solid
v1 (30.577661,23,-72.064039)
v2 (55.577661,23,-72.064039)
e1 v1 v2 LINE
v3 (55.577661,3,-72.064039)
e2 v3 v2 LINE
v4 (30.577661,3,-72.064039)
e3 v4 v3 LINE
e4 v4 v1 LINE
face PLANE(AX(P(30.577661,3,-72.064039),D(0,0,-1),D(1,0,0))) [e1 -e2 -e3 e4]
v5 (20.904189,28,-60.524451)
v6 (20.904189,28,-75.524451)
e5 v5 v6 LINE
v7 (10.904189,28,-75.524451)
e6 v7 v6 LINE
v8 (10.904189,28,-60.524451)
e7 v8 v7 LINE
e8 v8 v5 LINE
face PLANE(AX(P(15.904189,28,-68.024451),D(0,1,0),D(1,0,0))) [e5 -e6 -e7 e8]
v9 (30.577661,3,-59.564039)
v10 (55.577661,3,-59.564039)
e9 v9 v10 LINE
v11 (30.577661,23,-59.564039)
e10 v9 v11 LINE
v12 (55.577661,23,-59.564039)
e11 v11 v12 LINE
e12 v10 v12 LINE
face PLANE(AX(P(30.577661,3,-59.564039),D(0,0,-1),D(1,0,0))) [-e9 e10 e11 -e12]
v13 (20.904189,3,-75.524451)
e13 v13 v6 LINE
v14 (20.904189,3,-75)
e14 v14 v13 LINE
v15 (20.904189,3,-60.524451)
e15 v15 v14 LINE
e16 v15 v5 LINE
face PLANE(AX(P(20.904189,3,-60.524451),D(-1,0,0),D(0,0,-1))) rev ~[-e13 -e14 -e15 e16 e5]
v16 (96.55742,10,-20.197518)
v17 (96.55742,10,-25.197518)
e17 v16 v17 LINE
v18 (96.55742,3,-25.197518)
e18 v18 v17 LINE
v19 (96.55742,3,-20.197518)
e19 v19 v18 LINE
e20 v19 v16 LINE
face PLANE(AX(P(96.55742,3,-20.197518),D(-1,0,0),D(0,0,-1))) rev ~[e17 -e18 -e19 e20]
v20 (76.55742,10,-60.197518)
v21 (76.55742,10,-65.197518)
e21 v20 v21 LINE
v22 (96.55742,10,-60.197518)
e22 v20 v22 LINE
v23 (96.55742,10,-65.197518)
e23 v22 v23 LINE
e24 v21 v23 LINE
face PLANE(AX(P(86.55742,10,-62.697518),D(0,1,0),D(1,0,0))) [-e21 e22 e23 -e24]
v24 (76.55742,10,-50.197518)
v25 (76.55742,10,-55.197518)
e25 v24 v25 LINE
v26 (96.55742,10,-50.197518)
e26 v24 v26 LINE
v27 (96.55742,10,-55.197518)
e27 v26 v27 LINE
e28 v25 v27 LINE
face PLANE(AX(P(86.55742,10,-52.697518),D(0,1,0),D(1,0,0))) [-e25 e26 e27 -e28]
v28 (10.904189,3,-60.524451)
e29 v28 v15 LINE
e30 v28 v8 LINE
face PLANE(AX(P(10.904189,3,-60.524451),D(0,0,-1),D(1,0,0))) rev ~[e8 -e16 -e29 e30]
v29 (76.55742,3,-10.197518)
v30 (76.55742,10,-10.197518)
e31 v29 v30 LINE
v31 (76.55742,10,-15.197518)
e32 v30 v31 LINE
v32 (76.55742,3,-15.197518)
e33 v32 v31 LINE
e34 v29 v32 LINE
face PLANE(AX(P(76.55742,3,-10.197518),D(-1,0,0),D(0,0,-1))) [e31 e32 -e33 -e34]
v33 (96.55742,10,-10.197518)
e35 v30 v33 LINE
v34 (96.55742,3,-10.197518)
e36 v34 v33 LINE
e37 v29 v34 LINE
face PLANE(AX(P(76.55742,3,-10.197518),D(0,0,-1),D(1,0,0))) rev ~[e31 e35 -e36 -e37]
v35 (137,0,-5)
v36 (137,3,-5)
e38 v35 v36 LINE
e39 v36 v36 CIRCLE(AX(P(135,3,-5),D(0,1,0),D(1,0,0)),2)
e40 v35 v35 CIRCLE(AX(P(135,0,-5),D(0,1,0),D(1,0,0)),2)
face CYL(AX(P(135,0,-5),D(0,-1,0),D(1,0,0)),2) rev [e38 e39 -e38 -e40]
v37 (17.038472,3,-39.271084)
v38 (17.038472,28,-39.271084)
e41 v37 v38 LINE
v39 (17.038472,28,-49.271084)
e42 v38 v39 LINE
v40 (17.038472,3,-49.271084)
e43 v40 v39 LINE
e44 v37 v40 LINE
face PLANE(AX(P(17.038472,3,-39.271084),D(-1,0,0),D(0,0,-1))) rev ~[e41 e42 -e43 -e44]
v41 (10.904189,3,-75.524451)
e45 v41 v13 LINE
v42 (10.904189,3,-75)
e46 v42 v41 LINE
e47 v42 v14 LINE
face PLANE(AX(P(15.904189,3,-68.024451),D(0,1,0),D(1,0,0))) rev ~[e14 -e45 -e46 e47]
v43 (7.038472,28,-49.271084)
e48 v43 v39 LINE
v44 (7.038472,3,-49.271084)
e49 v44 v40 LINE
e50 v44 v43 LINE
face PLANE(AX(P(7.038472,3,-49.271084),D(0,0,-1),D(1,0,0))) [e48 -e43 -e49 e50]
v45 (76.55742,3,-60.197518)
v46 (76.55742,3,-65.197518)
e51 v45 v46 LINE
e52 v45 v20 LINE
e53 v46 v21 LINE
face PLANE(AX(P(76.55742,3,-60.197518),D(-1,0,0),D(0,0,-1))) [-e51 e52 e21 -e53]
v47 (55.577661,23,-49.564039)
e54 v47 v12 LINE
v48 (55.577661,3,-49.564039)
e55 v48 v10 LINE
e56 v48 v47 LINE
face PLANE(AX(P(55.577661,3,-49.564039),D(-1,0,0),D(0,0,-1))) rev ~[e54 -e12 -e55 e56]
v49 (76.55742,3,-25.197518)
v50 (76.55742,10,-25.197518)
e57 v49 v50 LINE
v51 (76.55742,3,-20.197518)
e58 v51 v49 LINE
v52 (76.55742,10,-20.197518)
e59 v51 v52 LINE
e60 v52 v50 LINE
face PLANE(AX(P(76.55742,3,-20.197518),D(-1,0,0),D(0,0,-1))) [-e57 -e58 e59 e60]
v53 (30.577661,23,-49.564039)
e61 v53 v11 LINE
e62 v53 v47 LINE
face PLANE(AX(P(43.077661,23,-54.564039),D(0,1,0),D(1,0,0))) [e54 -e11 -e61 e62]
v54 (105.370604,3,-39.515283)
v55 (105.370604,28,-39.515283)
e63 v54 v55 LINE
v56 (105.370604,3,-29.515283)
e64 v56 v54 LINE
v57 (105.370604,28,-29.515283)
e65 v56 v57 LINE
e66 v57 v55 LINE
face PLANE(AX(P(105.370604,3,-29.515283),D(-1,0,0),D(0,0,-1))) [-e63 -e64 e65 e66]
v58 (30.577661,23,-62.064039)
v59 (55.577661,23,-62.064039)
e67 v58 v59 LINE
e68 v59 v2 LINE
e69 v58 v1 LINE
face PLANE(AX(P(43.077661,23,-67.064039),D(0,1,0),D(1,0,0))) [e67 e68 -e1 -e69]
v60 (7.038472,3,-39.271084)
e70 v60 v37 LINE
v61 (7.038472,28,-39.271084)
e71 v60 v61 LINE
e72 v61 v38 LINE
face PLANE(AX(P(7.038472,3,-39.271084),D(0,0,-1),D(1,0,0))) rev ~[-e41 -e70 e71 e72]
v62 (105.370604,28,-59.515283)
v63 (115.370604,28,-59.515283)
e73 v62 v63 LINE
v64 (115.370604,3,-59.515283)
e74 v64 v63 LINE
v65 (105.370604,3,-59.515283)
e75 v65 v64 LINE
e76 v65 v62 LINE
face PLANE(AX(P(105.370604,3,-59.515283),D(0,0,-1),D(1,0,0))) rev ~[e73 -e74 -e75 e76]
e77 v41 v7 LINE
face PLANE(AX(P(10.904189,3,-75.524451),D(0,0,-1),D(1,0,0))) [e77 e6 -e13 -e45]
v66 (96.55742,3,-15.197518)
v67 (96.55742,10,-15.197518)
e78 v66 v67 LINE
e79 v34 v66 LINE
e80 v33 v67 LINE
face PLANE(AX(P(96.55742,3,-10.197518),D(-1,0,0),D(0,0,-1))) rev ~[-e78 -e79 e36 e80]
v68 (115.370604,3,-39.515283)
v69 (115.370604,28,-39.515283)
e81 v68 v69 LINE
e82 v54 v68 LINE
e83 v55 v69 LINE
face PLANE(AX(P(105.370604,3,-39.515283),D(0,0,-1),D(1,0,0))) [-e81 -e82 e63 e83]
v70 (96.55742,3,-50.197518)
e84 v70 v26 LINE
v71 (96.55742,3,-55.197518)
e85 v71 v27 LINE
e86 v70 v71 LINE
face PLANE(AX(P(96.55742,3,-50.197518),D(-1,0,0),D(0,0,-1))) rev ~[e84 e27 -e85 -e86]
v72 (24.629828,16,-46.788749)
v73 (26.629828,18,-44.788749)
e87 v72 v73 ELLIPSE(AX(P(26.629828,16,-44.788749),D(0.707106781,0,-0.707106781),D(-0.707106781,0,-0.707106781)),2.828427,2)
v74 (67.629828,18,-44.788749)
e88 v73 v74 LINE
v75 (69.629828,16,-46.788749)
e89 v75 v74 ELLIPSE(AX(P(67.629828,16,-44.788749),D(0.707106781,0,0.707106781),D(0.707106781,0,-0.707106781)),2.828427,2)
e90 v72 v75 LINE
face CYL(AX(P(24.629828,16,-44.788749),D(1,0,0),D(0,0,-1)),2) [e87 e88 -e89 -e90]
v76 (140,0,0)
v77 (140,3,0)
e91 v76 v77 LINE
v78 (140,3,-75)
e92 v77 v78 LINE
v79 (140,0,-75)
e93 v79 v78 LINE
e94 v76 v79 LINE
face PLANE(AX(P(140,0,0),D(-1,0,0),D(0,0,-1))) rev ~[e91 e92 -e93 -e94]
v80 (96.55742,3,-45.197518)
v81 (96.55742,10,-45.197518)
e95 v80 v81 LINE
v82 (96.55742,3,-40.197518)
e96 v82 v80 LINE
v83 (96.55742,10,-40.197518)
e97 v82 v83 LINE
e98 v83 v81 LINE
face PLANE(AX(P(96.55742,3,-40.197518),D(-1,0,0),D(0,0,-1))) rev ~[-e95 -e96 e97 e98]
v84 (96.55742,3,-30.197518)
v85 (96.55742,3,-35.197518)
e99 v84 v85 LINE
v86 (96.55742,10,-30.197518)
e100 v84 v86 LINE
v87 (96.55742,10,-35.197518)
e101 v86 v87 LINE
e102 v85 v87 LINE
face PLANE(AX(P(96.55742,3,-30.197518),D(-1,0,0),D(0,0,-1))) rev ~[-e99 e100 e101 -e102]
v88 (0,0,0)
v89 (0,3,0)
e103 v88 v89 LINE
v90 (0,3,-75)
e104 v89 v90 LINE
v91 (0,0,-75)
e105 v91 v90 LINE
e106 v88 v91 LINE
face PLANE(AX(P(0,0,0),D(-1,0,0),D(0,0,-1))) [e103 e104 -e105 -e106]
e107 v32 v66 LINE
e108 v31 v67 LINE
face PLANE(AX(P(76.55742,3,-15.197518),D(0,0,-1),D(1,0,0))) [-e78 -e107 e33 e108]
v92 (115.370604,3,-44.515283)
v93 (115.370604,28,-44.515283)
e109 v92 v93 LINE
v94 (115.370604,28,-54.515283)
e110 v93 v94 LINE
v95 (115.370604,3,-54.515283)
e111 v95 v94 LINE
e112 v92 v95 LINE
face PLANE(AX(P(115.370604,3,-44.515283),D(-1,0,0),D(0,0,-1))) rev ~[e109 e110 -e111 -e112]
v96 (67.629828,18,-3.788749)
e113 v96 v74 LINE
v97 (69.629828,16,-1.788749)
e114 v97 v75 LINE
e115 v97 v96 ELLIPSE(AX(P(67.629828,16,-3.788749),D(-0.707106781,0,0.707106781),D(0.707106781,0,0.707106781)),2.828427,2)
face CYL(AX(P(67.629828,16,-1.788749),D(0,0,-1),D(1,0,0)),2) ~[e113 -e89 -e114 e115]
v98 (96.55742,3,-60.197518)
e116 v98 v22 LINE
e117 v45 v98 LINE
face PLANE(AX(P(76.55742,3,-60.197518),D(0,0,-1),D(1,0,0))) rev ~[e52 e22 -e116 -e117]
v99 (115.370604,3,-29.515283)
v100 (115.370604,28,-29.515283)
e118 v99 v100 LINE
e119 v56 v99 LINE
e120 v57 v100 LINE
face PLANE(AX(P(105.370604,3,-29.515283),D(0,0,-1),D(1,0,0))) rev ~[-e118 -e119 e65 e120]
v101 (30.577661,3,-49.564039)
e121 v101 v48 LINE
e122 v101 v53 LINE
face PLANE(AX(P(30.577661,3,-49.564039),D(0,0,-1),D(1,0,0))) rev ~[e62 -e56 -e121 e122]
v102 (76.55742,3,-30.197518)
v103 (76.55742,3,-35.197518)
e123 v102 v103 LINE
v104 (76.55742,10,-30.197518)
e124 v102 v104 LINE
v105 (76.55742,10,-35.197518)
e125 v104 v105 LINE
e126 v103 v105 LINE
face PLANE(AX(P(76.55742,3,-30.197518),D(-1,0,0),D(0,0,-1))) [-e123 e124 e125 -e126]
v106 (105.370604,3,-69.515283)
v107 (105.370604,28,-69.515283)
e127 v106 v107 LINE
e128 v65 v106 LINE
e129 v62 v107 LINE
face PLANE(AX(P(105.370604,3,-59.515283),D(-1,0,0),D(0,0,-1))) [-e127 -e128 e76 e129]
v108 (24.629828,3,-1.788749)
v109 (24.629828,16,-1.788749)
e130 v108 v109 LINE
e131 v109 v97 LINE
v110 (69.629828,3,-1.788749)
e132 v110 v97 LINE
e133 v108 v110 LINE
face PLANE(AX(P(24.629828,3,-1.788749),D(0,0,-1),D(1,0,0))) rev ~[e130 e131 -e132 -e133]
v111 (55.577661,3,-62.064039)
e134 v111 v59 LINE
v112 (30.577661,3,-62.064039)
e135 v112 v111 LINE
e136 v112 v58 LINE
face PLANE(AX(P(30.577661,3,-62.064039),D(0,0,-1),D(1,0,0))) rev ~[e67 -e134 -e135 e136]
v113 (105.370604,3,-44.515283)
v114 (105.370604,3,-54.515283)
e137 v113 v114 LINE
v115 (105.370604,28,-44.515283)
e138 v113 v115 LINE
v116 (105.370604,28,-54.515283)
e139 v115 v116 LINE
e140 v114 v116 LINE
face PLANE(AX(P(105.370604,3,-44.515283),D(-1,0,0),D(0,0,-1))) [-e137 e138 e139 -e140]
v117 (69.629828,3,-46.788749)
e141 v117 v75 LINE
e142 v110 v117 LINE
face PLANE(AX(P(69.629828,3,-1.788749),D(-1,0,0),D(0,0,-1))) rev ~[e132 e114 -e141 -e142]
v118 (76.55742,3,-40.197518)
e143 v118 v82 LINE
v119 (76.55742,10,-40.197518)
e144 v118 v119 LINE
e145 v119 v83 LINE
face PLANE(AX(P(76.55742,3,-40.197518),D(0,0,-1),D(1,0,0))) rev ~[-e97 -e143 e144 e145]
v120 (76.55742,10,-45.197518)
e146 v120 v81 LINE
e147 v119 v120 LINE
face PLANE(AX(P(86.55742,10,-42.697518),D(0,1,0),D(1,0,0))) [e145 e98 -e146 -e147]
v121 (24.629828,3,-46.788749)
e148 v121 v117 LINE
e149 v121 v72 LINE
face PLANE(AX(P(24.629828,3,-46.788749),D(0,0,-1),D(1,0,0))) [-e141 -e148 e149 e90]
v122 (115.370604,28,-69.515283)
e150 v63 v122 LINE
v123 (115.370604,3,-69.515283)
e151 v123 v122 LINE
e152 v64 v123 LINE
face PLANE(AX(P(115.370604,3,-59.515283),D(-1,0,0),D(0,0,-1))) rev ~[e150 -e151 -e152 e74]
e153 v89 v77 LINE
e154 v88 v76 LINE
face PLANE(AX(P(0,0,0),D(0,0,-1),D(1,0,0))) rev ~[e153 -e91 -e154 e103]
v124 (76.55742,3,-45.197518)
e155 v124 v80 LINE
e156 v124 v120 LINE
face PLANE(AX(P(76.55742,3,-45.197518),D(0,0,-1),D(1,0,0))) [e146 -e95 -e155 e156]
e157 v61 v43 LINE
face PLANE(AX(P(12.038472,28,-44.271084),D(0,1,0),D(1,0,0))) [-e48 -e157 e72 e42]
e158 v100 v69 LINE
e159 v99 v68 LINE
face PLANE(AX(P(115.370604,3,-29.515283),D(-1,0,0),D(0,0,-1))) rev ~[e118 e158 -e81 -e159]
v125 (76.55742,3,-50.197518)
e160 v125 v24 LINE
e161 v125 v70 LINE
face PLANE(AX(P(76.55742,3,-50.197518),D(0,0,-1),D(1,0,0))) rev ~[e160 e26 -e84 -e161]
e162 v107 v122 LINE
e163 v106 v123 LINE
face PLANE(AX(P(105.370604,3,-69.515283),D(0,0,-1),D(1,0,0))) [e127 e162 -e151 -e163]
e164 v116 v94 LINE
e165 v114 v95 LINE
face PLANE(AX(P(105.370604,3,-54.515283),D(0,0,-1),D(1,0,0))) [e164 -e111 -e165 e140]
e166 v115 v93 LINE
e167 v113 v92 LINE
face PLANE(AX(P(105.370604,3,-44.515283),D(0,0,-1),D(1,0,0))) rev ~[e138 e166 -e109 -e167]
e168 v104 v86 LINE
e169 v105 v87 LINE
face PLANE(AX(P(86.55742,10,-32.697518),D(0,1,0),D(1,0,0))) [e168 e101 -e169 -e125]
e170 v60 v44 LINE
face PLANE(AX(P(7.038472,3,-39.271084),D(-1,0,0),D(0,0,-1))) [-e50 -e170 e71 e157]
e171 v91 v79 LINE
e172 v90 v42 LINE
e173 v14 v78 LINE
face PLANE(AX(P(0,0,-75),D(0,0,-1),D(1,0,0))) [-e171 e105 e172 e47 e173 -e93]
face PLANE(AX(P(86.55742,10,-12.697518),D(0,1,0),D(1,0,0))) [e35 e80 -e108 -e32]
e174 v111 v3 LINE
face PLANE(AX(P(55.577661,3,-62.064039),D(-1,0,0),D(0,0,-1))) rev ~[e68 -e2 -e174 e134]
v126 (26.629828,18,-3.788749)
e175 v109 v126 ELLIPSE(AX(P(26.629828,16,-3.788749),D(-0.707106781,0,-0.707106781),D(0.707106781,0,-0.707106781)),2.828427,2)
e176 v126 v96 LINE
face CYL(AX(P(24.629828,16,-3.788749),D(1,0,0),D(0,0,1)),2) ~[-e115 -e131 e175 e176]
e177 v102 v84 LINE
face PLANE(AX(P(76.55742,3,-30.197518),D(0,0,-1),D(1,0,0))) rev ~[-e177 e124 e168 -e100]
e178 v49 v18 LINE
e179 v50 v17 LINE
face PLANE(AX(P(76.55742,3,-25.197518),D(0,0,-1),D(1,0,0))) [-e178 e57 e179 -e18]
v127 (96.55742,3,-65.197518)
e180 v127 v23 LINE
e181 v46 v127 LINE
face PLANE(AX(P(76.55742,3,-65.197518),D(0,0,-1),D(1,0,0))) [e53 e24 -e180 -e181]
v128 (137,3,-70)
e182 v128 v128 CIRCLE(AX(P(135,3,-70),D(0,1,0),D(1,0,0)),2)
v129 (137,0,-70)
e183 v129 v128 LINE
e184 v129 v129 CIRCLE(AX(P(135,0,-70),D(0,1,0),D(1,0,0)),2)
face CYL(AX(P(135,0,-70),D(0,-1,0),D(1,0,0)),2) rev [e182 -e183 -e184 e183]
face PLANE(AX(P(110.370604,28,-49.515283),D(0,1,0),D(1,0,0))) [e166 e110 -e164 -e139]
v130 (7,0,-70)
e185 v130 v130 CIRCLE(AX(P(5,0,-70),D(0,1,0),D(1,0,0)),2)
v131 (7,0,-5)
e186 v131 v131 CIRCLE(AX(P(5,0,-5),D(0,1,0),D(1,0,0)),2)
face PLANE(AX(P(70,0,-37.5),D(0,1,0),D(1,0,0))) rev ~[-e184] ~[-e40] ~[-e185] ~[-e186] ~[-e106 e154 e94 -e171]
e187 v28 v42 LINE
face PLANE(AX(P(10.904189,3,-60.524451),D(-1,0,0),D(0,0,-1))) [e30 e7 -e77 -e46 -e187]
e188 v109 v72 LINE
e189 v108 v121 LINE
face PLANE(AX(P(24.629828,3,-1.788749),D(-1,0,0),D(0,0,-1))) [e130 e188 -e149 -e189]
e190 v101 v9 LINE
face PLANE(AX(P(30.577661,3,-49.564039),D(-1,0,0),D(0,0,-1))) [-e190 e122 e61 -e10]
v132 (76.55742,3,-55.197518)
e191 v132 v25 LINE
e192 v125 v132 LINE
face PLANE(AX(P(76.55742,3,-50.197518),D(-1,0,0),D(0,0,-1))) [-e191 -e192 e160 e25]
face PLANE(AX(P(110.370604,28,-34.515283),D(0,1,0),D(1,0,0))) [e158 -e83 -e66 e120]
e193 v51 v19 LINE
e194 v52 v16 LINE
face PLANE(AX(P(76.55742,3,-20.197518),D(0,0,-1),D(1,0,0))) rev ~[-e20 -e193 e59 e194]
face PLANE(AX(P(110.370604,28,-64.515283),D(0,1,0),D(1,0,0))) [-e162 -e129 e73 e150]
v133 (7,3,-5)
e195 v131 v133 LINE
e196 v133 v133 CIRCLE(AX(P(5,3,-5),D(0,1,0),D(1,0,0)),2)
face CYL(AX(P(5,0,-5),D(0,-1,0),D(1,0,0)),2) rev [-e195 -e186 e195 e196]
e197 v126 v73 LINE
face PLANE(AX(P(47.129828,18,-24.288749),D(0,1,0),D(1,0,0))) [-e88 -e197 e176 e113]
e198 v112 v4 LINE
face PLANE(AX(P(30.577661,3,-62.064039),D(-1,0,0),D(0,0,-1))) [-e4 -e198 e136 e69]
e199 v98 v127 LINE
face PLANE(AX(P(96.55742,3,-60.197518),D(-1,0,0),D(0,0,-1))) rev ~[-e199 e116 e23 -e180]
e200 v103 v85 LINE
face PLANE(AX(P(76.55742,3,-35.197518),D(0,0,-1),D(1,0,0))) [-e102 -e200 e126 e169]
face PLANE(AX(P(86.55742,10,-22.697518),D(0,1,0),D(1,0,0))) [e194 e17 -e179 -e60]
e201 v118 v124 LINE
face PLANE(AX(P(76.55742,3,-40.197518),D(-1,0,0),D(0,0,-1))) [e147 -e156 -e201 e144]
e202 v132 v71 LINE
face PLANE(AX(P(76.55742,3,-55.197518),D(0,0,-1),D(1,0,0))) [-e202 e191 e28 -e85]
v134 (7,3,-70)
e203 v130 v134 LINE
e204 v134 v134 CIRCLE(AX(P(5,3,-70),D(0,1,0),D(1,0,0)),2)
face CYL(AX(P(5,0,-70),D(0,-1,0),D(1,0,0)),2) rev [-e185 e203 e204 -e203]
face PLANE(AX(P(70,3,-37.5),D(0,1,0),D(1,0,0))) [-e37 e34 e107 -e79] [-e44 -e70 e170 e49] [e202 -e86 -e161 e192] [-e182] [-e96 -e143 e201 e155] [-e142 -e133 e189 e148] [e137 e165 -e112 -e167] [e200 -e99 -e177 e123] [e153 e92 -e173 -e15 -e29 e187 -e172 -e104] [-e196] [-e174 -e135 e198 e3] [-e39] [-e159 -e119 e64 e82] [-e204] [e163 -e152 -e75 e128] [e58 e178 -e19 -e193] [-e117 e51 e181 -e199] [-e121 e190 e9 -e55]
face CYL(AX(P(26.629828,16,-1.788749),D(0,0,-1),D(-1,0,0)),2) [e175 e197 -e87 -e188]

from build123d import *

# Parameters (mm, degrees)
ESQUISSE1_W      = 140
ESQUISSE1_H      = 75
ESQUISSE1_R      = 2
EXTRUSION1_DEPTH = 3
ESQUISSE2_W      = 45
ESQUISSE2_H      = 45
EXTRUSION2_DEPTH = 15
CONG_1_R         = 2
ESQUISSE3_W      = 10
ESQUISSE3_H      = 10
EXTRUSION3_DEPTH = 25
ESQUISSE4_W      = 25
ESQUISSE4_H      = 10
EXTRUSION4_DEPTH = 20
ESQUISSE5_W      = 20
ESQUISSE5_H      = 5
EXTRUSION5_DEPTH = 7
ESQUISSE6_W      = 10
ESQUISSE6_H      = 15
EXTRUSION6_DEPTH = 25


with BuildPart() as part:
    # Esquisse1 → Extrusion1 (new body)
    with BuildSketch(Plane(origin=(0, 0, 0), x_dir=(1, 0, 0), z_dir=(0, 1, 0))):
        with Locations((70, 37.5)):
            Rectangle(ESQUISSE1_W, ESQUISSE1_H)
        with Locations((5, 70)):
            Circle(ESQUISSE1_R, mode=Mode.SUBTRACT)
        with Locations((135, 70)):
            Circle(ESQUISSE1_R, mode=Mode.SUBTRACT)
        with Locations((135, 5)):
            Circle(ESQUISSE1_R, mode=Mode.SUBTRACT)
        with Locations((5, 5)):
            Circle(ESQUISSE1_R, mode=Mode.SUBTRACT)
    extrude(amount=EXTRUSION1_DEPTH)

    # Esquisse2 → Extrusion2 (add)
    with BuildSketch(Plane(origin=(0, 3, 0), x_dir=(1, 0, 0), z_dir=(0, 1, 0))):
        with Locations((47.129827859, 24.288749044)):
            Rectangle(ESQUISSE2_W, ESQUISSE2_H)
    extrude(amount=EXTRUSION2_DEPTH)

    # Congé1
    cong_1_edges = [part.edges().sort_by_distance(p)[0] for p in [
        (24.629827859, 18, -24.288749044),
        (47.129827859, 18, -1.788749044),
        (69.629827859, 18, -24.288749044),
        (47.129827859, 18, -46.788749044),
    ]]
    fillet(cong_1_edges, radius=CONG_1_R)

    # Esquisse3 → Extrusion3 (add)
    with BuildSketch(Plane(origin=(0, 3, 0), x_dir=(1, 0, 0), z_dir=(0, 1, 0))):
        with Locations((110.370603903, 64.515282671)):
            Rectangle(ESQUISSE3_W, ESQUISSE3_H)
        with Locations((12.038471753, 44.271083815)):
            Rectangle(ESQUISSE3_W, ESQUISSE3_H)
        with Locations((110.370603903, 49.515282671)):
            Rectangle(ESQUISSE3_W, ESQUISSE3_H)
        with Locations((110.370603903, 34.515282671)):
            Rectangle(ESQUISSE3_W, ESQUISSE3_H)
    extrude(amount=EXTRUSION3_DEPTH)

    # Esquisse4 → Extrusion4 (add)
    with BuildSketch(Plane(origin=(0, 3, 0), x_dir=(1, 0, 0), z_dir=(0, 1, 0))):
        with Locations((43.077660713, 67.06403932)):
            Rectangle(ESQUISSE4_W, ESQUISSE4_H)
        with Locations((43.077660713, 54.56403932)):
            Rectangle(ESQUISSE4_W, ESQUISSE4_H)
    extrude(amount=EXTRUSION4_DEPTH)

    # Esquisse5 → Extrusion5 (add)
    with BuildSketch(Plane(origin=(0, 3, 0), x_dir=(1, 0, 0), z_dir=(0, 1, 0))):
        with Locations((86.557419786, 62.697517929)):
            Rectangle(ESQUISSE5_W, ESQUISSE5_H)
        with Locations((86.557419786, 52.697517929)):
            Rectangle(ESQUISSE5_W, ESQUISSE5_H)
        with Locations((86.557419786, 42.697517929)):
            Rectangle(ESQUISSE5_W, ESQUISSE5_H)
        with Locations((86.557419786, 32.697517929)):
            Rectangle(ESQUISSE5_W, ESQUISSE5_H)
        with Locations((86.557419786, 22.697517929)):
            Rectangle(ESQUISSE5_W, ESQUISSE5_H)
        with Locations((86.557419786, 12.697517929)):
            Rectangle(ESQUISSE5_W, ESQUISSE5_H)
    extrude(amount=EXTRUSION5_DEPTH)

    # Esquisse6 → Extrusion6 (add)
    with BuildSketch(Plane(origin=(0, 3, 0), x_dir=(1, 0, 0), z_dir=(0, 1, 0))):
        with Locations((15.904188898, 68.024450773)):
            Rectangle(ESQUISSE6_W, ESQUISSE6_H)
    extrude(amount=EXTRUSION6_DEPTH)


solid = part.part
